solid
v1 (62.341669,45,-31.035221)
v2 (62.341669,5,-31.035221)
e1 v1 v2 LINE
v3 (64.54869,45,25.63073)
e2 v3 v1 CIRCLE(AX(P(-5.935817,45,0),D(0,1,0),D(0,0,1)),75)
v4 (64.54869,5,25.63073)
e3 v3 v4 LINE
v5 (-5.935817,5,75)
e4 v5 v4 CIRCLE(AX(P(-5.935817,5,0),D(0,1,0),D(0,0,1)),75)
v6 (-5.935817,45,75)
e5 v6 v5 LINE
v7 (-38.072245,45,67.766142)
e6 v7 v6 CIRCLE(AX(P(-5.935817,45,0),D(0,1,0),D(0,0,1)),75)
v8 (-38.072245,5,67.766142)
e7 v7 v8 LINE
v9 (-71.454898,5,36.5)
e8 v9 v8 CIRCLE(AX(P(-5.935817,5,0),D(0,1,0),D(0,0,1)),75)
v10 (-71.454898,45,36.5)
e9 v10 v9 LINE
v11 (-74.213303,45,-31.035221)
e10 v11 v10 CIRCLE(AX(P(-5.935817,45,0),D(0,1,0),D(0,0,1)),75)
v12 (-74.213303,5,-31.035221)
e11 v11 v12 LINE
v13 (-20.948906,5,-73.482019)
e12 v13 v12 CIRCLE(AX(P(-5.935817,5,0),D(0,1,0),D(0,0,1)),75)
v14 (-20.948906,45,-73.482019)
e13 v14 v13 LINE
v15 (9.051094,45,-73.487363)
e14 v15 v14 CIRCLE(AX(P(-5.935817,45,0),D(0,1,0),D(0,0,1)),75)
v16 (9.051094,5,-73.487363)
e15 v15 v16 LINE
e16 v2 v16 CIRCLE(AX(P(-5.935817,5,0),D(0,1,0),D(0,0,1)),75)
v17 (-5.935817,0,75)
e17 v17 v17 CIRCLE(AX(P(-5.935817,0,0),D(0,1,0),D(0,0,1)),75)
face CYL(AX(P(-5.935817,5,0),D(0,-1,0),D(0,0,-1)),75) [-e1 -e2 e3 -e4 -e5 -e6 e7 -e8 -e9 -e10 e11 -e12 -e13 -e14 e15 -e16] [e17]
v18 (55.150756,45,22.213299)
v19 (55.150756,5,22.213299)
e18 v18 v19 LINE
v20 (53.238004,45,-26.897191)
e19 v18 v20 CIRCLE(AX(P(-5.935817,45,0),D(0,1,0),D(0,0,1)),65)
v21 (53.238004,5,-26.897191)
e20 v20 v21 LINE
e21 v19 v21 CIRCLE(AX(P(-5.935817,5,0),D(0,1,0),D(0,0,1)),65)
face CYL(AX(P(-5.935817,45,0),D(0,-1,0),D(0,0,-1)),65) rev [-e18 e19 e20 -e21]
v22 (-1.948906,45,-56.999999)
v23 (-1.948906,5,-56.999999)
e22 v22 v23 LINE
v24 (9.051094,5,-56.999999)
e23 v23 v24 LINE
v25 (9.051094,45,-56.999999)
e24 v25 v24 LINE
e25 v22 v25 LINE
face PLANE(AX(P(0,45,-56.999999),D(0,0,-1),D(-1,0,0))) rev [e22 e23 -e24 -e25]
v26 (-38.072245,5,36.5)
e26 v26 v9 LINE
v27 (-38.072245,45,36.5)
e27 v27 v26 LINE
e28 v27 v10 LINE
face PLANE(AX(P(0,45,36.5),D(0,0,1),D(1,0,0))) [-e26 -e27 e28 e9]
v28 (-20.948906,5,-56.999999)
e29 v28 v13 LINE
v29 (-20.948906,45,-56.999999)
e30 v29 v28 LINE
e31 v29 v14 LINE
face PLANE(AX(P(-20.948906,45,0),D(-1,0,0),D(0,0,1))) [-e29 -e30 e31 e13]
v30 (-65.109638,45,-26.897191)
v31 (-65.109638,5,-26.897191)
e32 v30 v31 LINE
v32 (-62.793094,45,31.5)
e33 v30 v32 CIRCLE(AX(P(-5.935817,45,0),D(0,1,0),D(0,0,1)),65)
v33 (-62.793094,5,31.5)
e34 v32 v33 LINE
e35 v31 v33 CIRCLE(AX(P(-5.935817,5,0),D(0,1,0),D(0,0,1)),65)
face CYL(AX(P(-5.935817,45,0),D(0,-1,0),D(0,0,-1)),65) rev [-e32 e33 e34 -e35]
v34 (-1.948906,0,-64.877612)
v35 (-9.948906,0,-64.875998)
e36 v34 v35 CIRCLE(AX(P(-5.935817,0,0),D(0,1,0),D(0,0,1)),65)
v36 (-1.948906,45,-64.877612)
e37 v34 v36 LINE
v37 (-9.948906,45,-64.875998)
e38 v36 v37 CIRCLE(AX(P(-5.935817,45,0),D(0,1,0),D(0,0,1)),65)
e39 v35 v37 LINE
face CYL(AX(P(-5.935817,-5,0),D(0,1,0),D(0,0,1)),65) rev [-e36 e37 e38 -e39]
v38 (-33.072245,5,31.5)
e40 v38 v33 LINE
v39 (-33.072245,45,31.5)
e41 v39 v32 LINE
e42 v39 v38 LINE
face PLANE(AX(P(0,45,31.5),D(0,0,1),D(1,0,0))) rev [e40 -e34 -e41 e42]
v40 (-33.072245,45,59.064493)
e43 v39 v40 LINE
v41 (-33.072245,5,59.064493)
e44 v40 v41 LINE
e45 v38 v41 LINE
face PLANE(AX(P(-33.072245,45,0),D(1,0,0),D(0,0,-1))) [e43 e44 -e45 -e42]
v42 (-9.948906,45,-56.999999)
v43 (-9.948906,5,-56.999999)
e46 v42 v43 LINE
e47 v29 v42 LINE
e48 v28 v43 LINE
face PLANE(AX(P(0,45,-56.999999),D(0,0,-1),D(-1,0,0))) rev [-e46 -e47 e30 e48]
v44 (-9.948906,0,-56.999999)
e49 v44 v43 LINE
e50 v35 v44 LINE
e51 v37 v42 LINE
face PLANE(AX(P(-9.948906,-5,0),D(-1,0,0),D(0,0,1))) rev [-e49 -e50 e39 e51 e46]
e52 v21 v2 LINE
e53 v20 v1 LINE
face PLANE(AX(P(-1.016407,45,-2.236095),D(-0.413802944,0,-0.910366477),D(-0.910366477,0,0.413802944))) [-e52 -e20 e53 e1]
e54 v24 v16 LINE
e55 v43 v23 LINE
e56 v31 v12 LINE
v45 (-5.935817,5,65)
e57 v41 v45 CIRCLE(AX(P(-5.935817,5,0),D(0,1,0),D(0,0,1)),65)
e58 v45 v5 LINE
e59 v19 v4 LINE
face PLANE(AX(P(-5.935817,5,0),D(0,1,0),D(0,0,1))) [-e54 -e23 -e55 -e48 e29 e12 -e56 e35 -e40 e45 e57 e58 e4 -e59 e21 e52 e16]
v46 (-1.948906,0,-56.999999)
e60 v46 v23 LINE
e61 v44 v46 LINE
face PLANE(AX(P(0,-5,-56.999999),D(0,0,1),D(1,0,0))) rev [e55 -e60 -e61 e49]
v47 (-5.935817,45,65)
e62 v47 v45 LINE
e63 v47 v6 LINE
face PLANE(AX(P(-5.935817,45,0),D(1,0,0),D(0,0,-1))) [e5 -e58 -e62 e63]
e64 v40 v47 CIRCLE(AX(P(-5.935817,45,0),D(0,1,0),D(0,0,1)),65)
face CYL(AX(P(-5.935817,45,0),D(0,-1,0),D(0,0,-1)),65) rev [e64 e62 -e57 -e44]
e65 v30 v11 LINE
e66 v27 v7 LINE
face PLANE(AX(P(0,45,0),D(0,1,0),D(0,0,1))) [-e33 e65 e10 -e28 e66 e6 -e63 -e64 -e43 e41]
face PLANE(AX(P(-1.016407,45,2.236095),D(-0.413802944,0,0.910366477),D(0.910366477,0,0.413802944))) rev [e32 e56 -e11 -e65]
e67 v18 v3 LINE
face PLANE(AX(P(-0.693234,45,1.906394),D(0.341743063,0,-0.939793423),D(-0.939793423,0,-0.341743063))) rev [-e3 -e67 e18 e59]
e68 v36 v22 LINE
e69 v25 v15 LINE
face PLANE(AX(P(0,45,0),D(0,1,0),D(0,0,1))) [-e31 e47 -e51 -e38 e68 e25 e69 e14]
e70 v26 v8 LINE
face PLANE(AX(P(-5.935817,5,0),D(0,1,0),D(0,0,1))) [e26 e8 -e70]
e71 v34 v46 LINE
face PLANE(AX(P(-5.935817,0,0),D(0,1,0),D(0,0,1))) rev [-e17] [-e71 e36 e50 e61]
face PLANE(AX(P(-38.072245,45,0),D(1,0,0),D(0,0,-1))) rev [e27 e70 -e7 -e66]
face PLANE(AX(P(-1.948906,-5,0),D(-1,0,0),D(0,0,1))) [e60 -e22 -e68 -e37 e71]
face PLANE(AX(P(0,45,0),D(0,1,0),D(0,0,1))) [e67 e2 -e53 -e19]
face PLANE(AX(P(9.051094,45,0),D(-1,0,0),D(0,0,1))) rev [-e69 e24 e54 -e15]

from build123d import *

# Parameters (mm, degrees)
SKETCH1_R           = 75
BOSS_EXTRUDE1_DEPTH = 5
CUT_EXTRUDE1_DEPTH  = 10
BOSS_EXTRUDE3_DEPTH = 40


with BuildPart() as part:
    # Sketch1 → Boss-Extrude1 (new body)
    with BuildSketch(Plane(origin=(0, 0, 0), x_dir=(1, 0, 0), z_dir=(0, 1, 0))):
        with Locations((-5.935816789, 0)):
            Circle(SKETCH1_R)
    extrude(amount=BOSS_EXTRUDE1_DEPTH)

    # Sketch2 → Cut-Extrude1 (cut)
    with BuildSketch(Plane(origin=(0, 5, 0), x_dir=(1, 0, 0), z_dir=(0, 1, 0))):
        with BuildLine():
            Line((-1.948906052, 56.999998596), (-1.948906052, 64.87761203))
            ThreePointArc((-1.948906052, 64.87761203), (-5.948930907, 64.999998677), (-9.948906052, 64.875997985))
            Line((-9.948906052, 64.875997985), (-9.948906052, 56.999998596))
            Line((-9.948906052, 56.999998596), (-1.948906052, 56.999998596))
        make_face()
    extrude(amount=-CUT_EXTRUDE1_DEPTH, mode=Mode.SUBTRACT)

    # Sketch2<5> → Boss-Extrude3 (add)
    with BuildSketch(Plane(origin=(0, 5, 0), x_dir=(1, 0, 0), z_dir=(0, 1, 0))):
        with BuildLine():
            Line((55.150755737, -22.213299101), (64.548689972, -25.630729732))
            ThreePointArc((64.548689972, -25.630729732), (69.007362578, 2.918881011), (62.34166902, 31.035220823))
            Line((62.34166902, 31.035220823), (53.238004246, 26.89719138))
            ThreePointArc((53.238004246, 26.89719138), (59.014938662, 2.529696877), (55.150755737, -22.213299101))
        make_face()
        with BuildLine():
            Line((-5.935816789, -75), (-5.935816789, -65))
            ThreePointArc((-5.935816789, -65), (-19.824804959, -63.49878745), (-33.072244718, -59.064492542))
            Line((-33.072244718, -59.064492542), (-33.072244718, -31.5))
            Line((-33.072244718, -31.5), (-62.793094248, -31.5))
            ThreePointArc((-62.793094248, -31.5), (-70.884734753, -2.576442379), (-65.109637824, 26.89719138))
            Line((-65.109637824, 26.89719138), (-74.213302599, 31.035220823))
            ThreePointArc((-74.213302599, 31.035220823), (-80.873336418, -3.06074368), (-71.454897979, -36.5))
            Line((-71.454897979, -36.5), (-38.072244718, -36.5))
            Line((-38.072244718, -36.5), (-38.072244718, -67.766141988))
            ThreePointArc((-38.072244718, -67.766141988), (-22.406083194, -73.169189722), (-5.935816789, -75))
        make_face()
        with BuildLine():
            ThreePointArc((-9.948906052, 64.875997985), (-5.948930907, 64.999998677), (-1.948906052, 64.87761203))
            Line((-1.948906052, 64.87761203), (-1.948906052, 56.999998596))
            Line((-1.948906052, 56.999998596), (9.051093948, 56.999998596))
            Line((9.051093948, 56.999998596), (9.051093948, 73.487362904))
            ThreePointArc((9.051093948, 73.487362904), (-5.949175962, 74.99999881), (-20.948906052, 73.482019235))
            Line((-20.948906052, 73.482019235), (-20.948906052, 56.999998596))
            Line((-20.948906052, 56.999998596), (-9.948906052, 56.999998596))
            Line((-9.948906052, 56.999998596), (-9.948906052, 64.875997985))
        make_face()
    extrude(amount=BOSS_EXTRUDE3_DEPTH)


solid = part.part
